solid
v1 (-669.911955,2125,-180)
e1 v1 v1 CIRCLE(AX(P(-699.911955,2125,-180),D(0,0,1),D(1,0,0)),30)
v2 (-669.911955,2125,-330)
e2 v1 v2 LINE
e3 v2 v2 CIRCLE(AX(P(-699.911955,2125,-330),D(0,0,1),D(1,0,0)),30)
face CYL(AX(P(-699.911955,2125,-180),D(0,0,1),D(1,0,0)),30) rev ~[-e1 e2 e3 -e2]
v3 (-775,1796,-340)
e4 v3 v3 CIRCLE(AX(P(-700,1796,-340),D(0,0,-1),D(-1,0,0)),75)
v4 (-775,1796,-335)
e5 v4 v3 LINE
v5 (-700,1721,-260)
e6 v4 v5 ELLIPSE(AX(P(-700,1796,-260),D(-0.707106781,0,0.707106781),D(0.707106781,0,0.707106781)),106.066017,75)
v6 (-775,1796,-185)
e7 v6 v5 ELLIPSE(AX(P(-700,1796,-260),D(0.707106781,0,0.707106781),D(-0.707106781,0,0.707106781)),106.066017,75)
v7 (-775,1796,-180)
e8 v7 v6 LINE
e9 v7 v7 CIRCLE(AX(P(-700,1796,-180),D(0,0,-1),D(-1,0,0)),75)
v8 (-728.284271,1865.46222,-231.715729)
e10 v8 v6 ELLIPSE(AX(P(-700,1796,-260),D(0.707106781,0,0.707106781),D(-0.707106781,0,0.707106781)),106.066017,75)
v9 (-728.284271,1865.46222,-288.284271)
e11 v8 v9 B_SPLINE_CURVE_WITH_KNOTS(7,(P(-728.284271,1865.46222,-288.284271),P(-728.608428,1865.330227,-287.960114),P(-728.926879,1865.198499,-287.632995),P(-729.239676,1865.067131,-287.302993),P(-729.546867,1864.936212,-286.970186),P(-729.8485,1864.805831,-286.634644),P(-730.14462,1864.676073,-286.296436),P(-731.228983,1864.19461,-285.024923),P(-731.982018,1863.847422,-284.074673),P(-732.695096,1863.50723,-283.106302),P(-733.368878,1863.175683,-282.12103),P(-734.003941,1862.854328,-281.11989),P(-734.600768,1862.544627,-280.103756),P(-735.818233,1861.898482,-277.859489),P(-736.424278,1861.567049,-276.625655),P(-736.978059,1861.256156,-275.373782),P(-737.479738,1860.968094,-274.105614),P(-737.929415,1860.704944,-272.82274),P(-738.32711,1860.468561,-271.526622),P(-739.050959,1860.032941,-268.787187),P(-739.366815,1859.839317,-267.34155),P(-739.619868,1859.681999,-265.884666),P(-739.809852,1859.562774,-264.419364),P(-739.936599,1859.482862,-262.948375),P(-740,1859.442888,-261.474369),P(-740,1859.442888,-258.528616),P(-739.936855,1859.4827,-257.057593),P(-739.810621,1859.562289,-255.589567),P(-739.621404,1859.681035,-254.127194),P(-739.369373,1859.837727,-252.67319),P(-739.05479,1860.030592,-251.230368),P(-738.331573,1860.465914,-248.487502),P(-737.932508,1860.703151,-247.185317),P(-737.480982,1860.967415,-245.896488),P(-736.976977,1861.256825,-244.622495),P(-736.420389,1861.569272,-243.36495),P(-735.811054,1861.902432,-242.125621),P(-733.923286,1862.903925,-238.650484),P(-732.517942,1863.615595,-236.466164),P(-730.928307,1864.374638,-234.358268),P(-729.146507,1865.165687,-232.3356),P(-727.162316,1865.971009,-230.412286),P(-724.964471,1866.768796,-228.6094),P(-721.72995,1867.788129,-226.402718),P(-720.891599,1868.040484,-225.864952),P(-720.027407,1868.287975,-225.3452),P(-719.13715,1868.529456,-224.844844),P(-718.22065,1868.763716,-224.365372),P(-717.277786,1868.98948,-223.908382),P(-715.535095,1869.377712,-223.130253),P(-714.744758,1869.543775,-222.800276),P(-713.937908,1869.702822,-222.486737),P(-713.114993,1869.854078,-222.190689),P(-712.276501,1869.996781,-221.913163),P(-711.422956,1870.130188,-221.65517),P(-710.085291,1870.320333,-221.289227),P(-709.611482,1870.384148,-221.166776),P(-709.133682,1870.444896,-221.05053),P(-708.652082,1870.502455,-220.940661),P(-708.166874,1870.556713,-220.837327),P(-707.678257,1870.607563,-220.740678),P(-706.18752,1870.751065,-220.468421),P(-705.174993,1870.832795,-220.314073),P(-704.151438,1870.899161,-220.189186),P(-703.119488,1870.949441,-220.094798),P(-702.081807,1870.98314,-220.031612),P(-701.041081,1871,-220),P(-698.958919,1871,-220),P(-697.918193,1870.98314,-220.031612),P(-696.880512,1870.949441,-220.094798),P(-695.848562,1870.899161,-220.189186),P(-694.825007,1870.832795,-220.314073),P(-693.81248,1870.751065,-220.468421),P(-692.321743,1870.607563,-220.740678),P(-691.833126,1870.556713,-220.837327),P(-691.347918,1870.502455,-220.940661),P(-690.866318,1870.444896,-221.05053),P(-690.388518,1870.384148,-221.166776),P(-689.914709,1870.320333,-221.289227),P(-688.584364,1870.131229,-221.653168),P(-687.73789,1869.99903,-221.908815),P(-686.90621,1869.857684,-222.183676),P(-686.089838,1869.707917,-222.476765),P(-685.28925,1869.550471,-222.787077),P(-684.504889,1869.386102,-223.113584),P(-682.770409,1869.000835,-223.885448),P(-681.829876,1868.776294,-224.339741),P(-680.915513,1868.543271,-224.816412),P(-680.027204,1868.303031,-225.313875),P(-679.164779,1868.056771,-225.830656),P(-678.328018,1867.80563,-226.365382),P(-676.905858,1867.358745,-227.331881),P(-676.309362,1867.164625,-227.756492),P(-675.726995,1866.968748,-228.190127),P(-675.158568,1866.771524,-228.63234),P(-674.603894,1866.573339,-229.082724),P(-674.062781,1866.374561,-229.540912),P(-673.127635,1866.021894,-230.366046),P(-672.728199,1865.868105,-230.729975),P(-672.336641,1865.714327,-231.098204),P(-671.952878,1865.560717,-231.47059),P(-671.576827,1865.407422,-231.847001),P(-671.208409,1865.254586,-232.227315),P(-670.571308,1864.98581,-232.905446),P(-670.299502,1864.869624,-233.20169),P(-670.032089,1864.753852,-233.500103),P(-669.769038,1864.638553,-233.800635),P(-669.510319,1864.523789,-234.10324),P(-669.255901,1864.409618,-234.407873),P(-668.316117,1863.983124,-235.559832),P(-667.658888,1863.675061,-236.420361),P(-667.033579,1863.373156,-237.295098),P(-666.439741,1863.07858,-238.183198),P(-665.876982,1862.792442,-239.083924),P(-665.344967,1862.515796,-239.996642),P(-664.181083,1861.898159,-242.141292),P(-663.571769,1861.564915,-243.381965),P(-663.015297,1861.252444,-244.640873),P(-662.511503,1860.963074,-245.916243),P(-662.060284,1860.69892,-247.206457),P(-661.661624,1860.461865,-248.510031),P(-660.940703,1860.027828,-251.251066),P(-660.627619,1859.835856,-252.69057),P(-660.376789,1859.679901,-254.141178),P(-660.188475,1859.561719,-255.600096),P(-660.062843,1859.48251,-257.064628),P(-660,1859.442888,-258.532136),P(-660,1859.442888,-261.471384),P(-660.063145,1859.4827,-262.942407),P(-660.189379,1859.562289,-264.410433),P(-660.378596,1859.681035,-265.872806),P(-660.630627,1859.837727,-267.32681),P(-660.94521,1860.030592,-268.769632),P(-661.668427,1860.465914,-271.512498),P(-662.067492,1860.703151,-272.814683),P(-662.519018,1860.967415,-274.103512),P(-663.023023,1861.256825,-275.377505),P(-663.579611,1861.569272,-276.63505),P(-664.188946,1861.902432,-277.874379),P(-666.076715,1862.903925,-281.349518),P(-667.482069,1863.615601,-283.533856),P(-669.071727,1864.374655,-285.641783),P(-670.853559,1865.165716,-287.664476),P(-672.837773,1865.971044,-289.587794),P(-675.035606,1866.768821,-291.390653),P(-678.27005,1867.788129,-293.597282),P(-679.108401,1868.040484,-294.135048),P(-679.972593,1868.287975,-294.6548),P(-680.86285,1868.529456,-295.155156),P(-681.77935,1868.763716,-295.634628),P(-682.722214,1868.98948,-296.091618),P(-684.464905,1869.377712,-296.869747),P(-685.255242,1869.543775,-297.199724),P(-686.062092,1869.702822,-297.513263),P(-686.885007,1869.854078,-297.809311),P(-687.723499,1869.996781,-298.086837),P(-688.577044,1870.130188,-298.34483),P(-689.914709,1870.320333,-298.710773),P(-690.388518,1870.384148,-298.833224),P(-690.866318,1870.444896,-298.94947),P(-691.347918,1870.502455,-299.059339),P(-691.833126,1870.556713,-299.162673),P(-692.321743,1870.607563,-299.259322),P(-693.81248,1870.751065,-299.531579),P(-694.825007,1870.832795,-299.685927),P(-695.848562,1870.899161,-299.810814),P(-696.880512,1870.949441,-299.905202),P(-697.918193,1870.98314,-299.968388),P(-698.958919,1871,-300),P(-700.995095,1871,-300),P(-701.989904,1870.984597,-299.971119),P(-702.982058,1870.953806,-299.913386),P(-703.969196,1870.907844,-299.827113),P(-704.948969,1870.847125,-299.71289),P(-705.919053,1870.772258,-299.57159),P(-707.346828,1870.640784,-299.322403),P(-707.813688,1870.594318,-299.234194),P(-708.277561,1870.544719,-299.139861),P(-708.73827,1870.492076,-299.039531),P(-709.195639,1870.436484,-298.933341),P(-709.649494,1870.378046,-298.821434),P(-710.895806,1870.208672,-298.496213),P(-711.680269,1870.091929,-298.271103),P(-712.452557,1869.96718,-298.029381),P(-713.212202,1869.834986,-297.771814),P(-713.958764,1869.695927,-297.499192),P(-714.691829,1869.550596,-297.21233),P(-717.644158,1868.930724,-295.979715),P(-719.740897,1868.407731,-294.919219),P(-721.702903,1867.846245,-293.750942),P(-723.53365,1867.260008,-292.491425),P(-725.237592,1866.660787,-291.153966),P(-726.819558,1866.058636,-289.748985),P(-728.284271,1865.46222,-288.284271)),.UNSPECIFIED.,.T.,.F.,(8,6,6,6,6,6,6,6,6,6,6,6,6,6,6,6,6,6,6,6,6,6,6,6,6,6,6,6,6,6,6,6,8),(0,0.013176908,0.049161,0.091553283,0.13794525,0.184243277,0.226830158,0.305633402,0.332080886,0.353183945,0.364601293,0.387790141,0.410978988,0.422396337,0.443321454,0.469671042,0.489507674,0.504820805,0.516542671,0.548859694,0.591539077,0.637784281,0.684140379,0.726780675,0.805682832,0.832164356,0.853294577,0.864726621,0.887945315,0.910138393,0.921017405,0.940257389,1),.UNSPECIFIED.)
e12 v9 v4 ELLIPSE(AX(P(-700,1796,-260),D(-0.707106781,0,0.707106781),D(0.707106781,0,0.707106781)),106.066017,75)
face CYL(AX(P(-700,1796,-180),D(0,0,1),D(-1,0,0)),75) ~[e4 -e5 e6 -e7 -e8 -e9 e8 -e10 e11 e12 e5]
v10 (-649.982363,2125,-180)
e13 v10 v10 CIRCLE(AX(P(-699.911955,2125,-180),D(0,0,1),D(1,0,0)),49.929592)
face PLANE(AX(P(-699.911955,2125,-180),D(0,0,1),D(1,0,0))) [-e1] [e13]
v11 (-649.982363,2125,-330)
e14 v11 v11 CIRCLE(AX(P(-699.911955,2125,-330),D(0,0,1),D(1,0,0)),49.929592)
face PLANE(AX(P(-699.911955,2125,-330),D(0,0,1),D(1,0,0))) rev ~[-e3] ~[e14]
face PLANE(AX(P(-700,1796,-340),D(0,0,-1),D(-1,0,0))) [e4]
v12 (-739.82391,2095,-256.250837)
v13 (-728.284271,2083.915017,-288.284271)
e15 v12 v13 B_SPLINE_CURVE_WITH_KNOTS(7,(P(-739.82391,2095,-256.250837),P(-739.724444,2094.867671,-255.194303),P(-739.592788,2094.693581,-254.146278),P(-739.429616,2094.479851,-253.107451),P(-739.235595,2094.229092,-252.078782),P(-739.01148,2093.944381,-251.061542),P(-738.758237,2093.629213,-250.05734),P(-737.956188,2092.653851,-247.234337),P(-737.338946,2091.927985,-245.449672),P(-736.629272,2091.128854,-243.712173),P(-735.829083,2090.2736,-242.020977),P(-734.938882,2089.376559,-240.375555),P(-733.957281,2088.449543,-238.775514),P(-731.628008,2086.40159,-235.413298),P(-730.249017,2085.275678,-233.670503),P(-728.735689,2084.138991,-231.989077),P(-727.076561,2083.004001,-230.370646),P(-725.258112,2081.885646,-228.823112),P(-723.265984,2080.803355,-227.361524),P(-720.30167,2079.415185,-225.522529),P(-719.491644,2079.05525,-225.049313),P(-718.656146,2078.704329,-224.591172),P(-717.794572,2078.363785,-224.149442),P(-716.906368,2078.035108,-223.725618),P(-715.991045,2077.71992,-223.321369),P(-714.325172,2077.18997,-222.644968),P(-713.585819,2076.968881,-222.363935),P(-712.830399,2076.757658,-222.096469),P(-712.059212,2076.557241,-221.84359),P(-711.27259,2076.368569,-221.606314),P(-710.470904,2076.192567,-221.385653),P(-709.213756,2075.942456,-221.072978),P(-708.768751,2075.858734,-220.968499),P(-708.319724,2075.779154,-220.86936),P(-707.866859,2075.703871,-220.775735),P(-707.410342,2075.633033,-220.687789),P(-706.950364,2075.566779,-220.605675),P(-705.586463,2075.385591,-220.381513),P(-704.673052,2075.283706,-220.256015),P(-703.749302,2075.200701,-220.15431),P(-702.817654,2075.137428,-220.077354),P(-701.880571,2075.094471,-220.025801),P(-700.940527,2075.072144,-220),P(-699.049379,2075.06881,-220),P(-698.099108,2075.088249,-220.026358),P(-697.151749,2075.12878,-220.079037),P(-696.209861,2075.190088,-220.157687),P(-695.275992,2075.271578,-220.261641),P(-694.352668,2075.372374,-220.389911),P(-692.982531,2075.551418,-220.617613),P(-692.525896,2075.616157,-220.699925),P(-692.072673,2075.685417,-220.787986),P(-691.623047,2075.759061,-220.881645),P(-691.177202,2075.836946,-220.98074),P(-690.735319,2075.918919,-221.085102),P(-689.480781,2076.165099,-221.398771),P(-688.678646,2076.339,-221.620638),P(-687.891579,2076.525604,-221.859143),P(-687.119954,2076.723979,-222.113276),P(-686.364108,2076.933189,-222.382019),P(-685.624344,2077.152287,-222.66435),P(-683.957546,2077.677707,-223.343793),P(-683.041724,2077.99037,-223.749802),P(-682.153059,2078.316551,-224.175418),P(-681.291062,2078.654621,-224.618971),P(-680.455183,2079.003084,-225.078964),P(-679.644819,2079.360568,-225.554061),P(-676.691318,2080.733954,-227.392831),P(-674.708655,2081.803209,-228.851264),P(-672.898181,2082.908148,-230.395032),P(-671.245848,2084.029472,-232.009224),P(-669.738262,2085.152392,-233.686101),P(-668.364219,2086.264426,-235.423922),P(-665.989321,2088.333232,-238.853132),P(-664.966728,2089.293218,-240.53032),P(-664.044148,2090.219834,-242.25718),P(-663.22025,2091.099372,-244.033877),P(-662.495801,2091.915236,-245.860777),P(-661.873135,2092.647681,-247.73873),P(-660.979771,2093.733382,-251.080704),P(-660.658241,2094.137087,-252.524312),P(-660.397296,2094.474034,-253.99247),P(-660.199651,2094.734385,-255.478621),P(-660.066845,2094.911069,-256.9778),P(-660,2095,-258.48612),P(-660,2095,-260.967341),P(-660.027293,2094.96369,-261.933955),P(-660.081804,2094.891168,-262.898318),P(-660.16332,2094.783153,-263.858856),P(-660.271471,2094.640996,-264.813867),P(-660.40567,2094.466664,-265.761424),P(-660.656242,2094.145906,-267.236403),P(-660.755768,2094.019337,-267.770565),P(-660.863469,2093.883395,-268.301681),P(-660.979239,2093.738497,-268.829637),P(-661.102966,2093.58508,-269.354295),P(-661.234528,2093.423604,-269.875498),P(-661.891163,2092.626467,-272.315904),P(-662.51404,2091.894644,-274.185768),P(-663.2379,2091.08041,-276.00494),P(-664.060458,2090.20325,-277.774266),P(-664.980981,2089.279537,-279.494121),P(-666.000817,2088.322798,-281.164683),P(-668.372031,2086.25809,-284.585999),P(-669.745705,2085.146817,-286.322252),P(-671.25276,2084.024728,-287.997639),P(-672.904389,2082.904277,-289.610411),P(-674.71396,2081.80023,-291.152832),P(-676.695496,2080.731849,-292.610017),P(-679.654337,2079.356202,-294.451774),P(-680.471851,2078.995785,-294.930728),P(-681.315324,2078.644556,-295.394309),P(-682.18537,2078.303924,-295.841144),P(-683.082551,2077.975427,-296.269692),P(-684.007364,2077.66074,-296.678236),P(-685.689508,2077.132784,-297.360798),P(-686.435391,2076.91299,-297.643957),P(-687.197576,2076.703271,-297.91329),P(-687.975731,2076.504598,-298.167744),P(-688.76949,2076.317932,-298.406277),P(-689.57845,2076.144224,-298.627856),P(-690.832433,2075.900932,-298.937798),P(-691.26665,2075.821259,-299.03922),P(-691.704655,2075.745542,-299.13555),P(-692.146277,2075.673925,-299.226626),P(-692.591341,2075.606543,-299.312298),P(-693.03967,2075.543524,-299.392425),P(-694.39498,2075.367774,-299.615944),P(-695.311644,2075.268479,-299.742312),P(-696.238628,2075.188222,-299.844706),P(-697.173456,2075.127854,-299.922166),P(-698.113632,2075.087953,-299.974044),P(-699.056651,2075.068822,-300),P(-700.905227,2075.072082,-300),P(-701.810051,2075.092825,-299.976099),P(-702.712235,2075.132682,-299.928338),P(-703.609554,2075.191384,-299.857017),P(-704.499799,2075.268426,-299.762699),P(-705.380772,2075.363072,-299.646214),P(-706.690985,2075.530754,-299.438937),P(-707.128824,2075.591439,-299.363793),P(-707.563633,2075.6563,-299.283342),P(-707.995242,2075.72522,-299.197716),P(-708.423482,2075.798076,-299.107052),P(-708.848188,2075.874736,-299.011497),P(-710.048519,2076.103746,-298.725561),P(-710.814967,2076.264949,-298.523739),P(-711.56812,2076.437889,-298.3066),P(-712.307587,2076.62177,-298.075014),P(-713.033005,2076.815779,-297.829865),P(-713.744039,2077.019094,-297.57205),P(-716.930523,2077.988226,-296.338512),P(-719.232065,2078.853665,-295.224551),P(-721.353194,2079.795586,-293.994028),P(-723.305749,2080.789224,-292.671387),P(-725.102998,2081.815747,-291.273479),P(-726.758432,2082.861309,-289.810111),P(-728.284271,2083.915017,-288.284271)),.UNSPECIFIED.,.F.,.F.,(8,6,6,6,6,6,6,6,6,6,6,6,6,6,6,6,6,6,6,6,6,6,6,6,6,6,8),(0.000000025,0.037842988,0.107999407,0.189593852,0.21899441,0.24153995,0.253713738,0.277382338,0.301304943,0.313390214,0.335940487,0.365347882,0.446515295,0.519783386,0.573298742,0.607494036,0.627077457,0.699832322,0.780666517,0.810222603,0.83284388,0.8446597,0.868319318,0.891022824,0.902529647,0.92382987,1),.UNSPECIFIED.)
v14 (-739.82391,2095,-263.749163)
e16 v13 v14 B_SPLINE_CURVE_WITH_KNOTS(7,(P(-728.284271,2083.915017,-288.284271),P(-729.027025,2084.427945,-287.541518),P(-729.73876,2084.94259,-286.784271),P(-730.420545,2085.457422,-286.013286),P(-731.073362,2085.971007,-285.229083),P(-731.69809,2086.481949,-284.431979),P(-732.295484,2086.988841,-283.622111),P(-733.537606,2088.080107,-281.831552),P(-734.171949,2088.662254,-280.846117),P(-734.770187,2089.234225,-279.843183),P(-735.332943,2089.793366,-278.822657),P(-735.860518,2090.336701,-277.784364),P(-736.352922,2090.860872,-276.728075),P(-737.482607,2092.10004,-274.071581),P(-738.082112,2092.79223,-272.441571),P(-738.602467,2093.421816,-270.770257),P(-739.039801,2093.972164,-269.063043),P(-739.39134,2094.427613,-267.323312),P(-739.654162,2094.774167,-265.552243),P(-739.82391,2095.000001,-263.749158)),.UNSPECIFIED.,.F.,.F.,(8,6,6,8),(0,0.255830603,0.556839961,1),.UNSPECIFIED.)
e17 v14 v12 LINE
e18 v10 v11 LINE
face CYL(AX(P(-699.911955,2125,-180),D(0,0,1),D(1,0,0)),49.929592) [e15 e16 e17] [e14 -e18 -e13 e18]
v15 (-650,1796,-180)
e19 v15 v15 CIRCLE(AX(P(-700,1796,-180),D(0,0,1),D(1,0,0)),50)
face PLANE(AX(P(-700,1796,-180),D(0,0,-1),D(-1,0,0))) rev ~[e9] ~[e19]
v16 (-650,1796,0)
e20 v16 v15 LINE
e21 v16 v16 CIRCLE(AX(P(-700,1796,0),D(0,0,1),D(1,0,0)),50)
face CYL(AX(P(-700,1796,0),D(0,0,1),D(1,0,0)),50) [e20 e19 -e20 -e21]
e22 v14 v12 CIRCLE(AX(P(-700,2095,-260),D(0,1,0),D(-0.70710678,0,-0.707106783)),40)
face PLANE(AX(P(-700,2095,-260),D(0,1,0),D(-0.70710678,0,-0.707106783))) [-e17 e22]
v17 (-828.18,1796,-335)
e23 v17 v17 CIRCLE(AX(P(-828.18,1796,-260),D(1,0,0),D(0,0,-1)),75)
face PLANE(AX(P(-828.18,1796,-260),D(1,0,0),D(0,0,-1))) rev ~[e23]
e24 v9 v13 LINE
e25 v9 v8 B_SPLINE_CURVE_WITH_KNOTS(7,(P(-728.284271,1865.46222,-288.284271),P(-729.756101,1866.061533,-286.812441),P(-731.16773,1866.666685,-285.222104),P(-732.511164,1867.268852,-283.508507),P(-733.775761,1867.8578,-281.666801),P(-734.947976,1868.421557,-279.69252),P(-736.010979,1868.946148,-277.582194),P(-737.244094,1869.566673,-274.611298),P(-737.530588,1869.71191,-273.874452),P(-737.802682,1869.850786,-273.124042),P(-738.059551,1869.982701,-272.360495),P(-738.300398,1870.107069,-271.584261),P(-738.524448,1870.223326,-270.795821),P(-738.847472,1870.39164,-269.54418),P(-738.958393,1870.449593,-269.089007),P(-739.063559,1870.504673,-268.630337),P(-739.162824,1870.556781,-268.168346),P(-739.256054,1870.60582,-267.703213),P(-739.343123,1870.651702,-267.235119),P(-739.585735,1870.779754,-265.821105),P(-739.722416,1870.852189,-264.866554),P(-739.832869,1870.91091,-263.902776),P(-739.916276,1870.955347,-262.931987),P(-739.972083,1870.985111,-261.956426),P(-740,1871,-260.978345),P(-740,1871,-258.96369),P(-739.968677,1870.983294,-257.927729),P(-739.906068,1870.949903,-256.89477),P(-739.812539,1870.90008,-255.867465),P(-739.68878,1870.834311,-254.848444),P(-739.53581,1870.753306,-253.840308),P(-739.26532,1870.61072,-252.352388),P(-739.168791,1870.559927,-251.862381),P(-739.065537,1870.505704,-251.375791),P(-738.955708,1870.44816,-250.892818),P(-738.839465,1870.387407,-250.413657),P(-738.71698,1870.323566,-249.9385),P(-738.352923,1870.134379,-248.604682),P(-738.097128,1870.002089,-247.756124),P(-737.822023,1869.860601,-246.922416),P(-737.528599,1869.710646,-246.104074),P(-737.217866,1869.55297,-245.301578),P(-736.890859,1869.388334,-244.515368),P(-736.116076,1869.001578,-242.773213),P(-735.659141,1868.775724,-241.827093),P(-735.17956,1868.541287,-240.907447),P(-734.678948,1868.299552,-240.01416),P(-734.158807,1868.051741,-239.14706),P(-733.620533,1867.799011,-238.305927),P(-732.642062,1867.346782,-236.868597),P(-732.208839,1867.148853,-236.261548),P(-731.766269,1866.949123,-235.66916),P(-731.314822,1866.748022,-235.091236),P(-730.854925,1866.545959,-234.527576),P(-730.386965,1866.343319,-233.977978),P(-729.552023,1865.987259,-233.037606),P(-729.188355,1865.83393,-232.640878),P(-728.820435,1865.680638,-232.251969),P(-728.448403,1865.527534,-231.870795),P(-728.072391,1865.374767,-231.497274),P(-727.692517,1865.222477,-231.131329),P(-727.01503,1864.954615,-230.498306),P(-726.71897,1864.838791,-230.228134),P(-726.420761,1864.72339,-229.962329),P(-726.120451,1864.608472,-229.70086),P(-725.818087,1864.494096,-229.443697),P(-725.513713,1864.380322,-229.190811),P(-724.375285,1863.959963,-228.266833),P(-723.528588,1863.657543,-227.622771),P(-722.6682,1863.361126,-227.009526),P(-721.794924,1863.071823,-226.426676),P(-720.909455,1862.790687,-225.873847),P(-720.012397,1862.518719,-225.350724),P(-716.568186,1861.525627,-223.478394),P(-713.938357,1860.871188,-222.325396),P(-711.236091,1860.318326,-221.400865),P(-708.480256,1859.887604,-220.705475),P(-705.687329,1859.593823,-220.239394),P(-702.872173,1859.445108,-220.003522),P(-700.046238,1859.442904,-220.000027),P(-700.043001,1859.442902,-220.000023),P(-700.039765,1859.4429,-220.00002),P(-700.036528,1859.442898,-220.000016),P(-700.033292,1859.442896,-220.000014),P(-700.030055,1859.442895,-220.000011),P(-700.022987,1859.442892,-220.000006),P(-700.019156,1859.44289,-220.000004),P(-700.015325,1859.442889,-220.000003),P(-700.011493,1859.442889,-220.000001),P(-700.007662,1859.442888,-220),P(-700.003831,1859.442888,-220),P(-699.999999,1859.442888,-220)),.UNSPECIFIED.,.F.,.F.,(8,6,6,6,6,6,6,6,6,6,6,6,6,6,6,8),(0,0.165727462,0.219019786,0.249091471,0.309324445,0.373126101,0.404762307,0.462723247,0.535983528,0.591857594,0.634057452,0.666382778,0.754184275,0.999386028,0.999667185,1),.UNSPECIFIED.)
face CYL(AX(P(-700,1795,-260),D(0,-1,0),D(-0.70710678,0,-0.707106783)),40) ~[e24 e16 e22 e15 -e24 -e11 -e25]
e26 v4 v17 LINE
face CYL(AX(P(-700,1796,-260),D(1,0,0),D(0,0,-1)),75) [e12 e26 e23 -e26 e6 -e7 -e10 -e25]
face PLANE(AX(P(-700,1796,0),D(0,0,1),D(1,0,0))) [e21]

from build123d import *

# Parameters (mm, degrees)
SKETCH1_R           = 50
BOSS_EXTRUDE1_DEPTH = 180
SKETCH2_R           = 75
BOSS_EXTRUDE2_DEPTH = 160
SKETCH3_R           = 75
BOSS_EXTRUDE3_DEPTH = 128.18
SKETCH6_R           = 40
BOSS_EXTRUDE6_DEPTH = 300
SKETCH7_R           = 49.929591809
SKETCH7_R_2         = 30
BOSS_EXTRUDE7_DEPTH = 150


with BuildPart() as part:
    # Sketch1 → Boss-Extrude1 (new body)
    with BuildSketch(Plane.XY):
        with Locations((-700, 1796)):
            Circle(SKETCH1_R)
    extrude(amount=-BOSS_EXTRUDE1_DEPTH)

    # Sketch2 → Boss-Extrude2 (add)
    with BuildSketch(Plane(origin=(0, 0, -180), x_dir=(-1, 0, 0), z_dir=(0, 0, -1))):
        with Locations((700, 1796)):
            Circle(SKETCH2_R)
    extrude(amount=BOSS_EXTRUDE2_DEPTH)

    # Sketch3 → Boss-Extrude3 (add)
    with BuildSketch(Plane(origin=(-700, 0, 0), x_dir=(0, 0, -1), z_dir=(1, 0, 0))):
        with Locations((260, 1796)):
            Circle(SKETCH3_R)
    extrude(amount=-BOSS_EXTRUDE3_DEPTH)

    # Sketch6 → Boss-Extrude6 (add)
    with BuildSketch(Plane(origin=(0, 1795, 0), x_dir=(-1, 0, 0), z_dir=(0, 1, 0))):
        with Locations(Location((700, -260, 0), (0, 0, 314.999999875))):
            Circle(SKETCH6_R)
    extrude(amount=BOSS_EXTRUDE6_DEPTH)

    # Sketch7 → Boss-Extrude7 (add)
    with BuildSketch(Plane.XY.offset(-180)):
        with Locations((-699.911954828, 2125)):
            Circle(SKETCH7_R)
        with Locations((-699.911954828, 2125)):
            Circle(SKETCH7_R_2, mode=Mode.SUBTRACT)
    extrude(amount=-BOSS_EXTRUDE7_DEPTH)


solid = part.part
